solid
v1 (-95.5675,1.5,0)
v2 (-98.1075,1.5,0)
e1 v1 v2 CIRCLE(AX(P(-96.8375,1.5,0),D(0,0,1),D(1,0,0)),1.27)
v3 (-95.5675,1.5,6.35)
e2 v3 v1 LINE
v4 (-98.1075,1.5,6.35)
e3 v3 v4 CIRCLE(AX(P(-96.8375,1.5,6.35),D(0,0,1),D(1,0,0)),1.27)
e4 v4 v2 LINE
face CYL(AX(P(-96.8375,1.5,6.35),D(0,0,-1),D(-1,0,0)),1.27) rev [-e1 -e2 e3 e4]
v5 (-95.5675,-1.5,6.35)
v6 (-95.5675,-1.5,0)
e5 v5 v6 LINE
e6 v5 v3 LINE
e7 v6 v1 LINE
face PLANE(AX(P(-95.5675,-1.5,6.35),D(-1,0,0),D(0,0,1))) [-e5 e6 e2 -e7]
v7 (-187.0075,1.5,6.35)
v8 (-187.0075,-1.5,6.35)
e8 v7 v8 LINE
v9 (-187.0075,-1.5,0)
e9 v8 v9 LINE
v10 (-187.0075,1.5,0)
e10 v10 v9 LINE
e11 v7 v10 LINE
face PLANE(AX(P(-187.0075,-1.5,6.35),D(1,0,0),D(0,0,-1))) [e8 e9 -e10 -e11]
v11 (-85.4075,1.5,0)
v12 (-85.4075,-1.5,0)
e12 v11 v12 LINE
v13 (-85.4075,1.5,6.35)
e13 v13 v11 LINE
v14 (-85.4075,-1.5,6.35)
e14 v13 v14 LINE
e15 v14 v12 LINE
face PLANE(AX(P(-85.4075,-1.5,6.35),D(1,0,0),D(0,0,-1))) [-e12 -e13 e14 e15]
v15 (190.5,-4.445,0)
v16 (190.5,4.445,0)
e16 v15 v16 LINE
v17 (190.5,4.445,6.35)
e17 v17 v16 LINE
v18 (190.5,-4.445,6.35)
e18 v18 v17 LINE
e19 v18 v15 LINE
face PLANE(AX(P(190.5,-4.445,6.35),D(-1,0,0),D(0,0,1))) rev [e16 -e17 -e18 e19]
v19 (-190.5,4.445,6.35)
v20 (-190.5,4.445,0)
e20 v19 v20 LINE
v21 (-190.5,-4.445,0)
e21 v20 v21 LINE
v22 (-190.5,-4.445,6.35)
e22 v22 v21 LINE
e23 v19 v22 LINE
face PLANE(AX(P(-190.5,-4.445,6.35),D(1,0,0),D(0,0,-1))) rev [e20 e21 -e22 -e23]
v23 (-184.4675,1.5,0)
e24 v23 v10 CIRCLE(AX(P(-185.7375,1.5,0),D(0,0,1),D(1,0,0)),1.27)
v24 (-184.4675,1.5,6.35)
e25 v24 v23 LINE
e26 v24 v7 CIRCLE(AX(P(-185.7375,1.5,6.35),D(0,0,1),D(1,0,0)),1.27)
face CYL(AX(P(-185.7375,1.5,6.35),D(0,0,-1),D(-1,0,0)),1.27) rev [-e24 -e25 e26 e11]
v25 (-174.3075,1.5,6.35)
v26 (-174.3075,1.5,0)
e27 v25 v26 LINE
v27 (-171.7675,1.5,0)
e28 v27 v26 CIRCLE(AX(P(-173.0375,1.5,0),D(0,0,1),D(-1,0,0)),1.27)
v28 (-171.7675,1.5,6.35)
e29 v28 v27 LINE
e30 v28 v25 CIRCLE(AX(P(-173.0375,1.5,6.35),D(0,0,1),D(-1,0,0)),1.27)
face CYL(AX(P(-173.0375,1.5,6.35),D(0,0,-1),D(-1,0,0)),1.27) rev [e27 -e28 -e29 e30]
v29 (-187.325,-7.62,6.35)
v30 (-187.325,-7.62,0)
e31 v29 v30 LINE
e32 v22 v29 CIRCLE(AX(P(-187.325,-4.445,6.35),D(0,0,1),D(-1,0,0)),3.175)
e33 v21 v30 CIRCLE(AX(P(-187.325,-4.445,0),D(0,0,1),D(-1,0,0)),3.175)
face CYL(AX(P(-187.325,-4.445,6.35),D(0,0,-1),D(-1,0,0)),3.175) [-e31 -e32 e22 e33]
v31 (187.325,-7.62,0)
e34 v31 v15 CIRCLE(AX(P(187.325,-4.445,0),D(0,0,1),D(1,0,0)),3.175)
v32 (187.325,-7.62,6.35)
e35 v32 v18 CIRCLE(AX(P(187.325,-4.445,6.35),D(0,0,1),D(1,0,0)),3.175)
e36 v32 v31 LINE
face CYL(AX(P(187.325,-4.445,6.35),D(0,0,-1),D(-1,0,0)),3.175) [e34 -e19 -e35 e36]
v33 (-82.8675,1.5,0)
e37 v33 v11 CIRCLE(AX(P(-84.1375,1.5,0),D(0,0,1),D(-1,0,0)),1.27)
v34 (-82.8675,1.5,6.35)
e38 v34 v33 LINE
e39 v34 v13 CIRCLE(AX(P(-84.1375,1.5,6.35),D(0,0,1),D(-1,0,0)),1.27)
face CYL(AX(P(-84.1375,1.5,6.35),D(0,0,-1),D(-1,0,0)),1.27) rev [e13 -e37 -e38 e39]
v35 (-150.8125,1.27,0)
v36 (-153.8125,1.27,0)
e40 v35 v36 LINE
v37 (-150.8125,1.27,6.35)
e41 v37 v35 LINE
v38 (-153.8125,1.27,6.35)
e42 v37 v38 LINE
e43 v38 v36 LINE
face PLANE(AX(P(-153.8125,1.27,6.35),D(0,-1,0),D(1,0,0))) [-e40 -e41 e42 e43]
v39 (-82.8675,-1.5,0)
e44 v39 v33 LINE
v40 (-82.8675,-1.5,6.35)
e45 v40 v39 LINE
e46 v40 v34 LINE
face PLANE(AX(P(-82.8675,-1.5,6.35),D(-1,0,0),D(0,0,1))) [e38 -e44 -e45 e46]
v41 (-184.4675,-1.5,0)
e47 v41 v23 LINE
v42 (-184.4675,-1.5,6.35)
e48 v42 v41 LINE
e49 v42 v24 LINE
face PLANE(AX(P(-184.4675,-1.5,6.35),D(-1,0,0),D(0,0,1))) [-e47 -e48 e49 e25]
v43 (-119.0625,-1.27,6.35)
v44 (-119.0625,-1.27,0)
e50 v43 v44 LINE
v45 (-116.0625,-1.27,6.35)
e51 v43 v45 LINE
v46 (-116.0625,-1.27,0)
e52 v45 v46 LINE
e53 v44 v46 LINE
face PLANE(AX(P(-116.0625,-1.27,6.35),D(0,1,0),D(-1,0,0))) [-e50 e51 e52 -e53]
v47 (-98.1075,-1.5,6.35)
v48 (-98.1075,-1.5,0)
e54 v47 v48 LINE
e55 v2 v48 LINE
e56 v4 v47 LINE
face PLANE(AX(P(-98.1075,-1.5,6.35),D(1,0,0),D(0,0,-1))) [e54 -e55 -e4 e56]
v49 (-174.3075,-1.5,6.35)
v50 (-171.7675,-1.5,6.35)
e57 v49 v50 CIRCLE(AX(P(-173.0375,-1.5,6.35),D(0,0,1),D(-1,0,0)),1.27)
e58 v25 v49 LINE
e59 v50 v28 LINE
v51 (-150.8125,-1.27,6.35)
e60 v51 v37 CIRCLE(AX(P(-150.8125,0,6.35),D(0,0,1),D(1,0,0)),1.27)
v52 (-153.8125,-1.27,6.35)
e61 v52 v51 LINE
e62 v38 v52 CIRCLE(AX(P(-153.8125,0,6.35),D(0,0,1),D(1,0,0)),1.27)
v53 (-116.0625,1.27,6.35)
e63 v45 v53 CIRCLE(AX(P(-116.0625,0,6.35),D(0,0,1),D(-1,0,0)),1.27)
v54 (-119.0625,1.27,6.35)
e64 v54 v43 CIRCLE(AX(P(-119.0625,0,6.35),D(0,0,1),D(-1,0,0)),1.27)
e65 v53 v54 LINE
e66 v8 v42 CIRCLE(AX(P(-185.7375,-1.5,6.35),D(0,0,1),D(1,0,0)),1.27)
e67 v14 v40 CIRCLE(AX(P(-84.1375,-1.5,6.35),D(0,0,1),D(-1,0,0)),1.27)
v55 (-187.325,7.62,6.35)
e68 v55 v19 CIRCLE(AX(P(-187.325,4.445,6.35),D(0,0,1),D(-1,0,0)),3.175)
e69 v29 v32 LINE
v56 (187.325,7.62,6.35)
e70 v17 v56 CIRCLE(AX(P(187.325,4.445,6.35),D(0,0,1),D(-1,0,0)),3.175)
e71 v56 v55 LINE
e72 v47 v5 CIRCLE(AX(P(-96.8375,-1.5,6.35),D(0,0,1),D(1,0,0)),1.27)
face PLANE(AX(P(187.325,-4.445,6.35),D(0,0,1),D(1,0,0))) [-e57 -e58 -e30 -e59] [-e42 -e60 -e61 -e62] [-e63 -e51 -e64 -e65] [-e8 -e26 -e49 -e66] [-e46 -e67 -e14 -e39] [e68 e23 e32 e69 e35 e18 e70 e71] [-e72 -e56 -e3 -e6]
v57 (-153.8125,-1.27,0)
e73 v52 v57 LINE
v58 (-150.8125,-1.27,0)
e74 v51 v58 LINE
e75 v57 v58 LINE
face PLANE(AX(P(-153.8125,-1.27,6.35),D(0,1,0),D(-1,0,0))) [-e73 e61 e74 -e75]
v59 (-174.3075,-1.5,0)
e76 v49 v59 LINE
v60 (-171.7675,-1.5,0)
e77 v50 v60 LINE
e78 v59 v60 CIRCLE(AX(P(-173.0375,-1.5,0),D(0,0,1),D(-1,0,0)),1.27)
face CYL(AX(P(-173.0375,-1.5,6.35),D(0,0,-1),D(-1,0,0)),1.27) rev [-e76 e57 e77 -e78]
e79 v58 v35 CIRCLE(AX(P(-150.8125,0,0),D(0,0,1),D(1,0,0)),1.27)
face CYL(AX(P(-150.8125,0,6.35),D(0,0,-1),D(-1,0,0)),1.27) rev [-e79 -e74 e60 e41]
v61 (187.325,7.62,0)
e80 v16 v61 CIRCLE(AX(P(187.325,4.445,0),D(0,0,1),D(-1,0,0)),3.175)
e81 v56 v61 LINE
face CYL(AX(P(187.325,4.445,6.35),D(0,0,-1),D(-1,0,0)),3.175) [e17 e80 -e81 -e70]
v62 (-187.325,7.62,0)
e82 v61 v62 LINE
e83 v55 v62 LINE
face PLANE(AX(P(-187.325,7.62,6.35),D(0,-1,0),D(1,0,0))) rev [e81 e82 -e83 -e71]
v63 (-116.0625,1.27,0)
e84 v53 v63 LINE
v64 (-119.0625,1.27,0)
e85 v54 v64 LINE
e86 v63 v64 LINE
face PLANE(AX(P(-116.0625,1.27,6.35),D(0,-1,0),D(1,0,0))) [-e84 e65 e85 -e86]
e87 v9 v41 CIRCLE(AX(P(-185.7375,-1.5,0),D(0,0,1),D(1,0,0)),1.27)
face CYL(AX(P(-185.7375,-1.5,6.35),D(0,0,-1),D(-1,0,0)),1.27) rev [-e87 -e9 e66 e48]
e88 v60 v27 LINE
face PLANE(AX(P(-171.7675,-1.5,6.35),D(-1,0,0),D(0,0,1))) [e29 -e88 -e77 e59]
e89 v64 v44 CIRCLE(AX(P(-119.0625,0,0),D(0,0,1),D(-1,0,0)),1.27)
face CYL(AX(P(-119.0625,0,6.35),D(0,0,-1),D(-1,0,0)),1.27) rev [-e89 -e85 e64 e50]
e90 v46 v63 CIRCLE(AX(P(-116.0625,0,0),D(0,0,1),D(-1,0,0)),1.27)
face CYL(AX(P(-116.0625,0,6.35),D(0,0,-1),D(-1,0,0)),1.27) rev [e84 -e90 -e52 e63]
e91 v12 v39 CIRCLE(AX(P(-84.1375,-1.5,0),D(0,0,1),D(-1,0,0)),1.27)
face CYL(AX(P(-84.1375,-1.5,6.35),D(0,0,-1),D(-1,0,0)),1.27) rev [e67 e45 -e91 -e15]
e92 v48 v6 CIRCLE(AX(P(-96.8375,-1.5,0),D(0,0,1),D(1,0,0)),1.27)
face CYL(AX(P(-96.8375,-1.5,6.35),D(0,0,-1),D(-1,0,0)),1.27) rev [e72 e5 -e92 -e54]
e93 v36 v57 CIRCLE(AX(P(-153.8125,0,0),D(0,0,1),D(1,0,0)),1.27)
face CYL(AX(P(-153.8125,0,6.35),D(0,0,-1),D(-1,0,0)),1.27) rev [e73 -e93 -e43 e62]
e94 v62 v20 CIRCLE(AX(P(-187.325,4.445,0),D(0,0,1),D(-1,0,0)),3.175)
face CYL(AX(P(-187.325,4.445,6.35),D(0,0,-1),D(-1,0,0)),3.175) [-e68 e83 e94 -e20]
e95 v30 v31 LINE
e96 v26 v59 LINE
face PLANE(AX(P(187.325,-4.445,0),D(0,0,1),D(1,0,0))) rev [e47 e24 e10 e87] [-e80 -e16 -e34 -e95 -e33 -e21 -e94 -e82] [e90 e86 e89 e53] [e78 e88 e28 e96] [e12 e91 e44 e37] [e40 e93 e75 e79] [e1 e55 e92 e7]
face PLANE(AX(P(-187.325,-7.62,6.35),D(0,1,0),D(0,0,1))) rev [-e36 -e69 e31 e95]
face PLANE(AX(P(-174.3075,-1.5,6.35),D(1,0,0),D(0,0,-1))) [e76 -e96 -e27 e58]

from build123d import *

# Parameters (mm, degrees)
SALIENTE_EXTRUIR1_DEPTH = 6.35


with BuildPart() as part:
    # Croquis1 → Saliente-Extruir1 (new body)
    with BuildSketch(Plane.XY):
        with BuildLine():
            Line((-187.325, -7.62), (187.325, -7.62))
            ThreePointArc((187.325, -7.62), (189.57006403, -6.69006403), (190.5, -4.445))
            Line((190.5, -4.445), (190.5, 4.445))
            ThreePointArc((190.5, 4.445), (189.57006403, 6.69006403), (187.325, 7.62))
            Line((187.325, 7.62), (-187.325, 7.62))
            ThreePointArc((-187.325, 7.62), (-189.57006403, 6.69006403), (-190.5, 4.445))
            Line((-190.5, 4.445), (-190.5, -4.445))
            ThreePointArc((-190.5, -4.445), (-189.57006403, -6.69006403), (-187.325, -7.62))
        make_face()
        with BuildLine():
            Line((-187.0075, -1.5), (-187.0075, 1.5))
            ThreePointArc((-187.0075, 1.5), (-185.7375, 2.77), (-184.4675, 1.5))
            Line((-184.4675, 1.5), (-184.4675, -1.5))
            ThreePointArc((-184.4675, -1.5), (-185.7375, -2.77), (-187.0075, -1.5))
        make_face(mode=Mode.SUBTRACT)
        with BuildLine():
            Line((-98.1075, -1.5), (-98.1075, 1.5))
            ThreePointArc((-98.1075, 1.5), (-96.8375, 2.77), (-95.5675, 1.5))
            Line((-95.5675, 1.5), (-95.5675, -1.5))
            ThreePointArc((-95.5675, -1.5), (-96.8375, -2.77), (-98.1075, -1.5))
        make_face(mode=Mode.SUBTRACT)
        with BuildLine():
            Line((-171.7675, -1.5), (-171.7675, 1.5))
            ThreePointArc((-171.7675, 1.5), (-173.0375, 2.77), (-174.3075, 1.5))
            Line((-174.3075, 1.5), (-174.3075, -1.5))
            ThreePointArc((-174.3075, -1.5), (-173.0375, -2.77), (-171.7675, -1.5))
        make_face(mode=Mode.SUBTRACT)
        with BuildLine():
            Line((-82.8675, -1.5), (-82.8675, 1.5))
            ThreePointArc((-82.8675, 1.5), (-84.1375, 2.77), (-85.4075, 1.5))
            Line((-85.4075, 1.5), (-85.4075, -1.5))
            ThreePointArc((-85.4075, -1.5), (-84.1375, -2.77), (-82.8675, -1.5))
        make_face(mode=Mode.SUBTRACT)
        with BuildLine():
            Line((-153.8125, 1.27), (-150.8125, 1.27))
            ThreePointArc((-150.8125, 1.27), (-149.5425, 0), (-150.8125, -1.27))
            Line((-150.8125, -1.27), (-153.8125, -1.27))
            ThreePointArc((-153.8125, -1.27), (-155.0825, 0), (-153.8125, 1.27))
        make_face(mode=Mode.SUBTRACT)
        with BuildLine():
            Line((-116.0625, 1.27), (-119.0625, 1.27))
            ThreePointArc((-119.0625, 1.27), (-120.3325, 0), (-119.0625, -1.27))
            Line((-119.0625, -1.27), (-116.0625, -1.27))
            ThreePointArc((-116.0625, -1.27), (-114.7925, 0), (-116.0625, 1.27))
        make_face(mode=Mode.SUBTRACT)
    extrude(amount=SALIENTE_EXTRUIR1_DEPTH)


solid = part.part
